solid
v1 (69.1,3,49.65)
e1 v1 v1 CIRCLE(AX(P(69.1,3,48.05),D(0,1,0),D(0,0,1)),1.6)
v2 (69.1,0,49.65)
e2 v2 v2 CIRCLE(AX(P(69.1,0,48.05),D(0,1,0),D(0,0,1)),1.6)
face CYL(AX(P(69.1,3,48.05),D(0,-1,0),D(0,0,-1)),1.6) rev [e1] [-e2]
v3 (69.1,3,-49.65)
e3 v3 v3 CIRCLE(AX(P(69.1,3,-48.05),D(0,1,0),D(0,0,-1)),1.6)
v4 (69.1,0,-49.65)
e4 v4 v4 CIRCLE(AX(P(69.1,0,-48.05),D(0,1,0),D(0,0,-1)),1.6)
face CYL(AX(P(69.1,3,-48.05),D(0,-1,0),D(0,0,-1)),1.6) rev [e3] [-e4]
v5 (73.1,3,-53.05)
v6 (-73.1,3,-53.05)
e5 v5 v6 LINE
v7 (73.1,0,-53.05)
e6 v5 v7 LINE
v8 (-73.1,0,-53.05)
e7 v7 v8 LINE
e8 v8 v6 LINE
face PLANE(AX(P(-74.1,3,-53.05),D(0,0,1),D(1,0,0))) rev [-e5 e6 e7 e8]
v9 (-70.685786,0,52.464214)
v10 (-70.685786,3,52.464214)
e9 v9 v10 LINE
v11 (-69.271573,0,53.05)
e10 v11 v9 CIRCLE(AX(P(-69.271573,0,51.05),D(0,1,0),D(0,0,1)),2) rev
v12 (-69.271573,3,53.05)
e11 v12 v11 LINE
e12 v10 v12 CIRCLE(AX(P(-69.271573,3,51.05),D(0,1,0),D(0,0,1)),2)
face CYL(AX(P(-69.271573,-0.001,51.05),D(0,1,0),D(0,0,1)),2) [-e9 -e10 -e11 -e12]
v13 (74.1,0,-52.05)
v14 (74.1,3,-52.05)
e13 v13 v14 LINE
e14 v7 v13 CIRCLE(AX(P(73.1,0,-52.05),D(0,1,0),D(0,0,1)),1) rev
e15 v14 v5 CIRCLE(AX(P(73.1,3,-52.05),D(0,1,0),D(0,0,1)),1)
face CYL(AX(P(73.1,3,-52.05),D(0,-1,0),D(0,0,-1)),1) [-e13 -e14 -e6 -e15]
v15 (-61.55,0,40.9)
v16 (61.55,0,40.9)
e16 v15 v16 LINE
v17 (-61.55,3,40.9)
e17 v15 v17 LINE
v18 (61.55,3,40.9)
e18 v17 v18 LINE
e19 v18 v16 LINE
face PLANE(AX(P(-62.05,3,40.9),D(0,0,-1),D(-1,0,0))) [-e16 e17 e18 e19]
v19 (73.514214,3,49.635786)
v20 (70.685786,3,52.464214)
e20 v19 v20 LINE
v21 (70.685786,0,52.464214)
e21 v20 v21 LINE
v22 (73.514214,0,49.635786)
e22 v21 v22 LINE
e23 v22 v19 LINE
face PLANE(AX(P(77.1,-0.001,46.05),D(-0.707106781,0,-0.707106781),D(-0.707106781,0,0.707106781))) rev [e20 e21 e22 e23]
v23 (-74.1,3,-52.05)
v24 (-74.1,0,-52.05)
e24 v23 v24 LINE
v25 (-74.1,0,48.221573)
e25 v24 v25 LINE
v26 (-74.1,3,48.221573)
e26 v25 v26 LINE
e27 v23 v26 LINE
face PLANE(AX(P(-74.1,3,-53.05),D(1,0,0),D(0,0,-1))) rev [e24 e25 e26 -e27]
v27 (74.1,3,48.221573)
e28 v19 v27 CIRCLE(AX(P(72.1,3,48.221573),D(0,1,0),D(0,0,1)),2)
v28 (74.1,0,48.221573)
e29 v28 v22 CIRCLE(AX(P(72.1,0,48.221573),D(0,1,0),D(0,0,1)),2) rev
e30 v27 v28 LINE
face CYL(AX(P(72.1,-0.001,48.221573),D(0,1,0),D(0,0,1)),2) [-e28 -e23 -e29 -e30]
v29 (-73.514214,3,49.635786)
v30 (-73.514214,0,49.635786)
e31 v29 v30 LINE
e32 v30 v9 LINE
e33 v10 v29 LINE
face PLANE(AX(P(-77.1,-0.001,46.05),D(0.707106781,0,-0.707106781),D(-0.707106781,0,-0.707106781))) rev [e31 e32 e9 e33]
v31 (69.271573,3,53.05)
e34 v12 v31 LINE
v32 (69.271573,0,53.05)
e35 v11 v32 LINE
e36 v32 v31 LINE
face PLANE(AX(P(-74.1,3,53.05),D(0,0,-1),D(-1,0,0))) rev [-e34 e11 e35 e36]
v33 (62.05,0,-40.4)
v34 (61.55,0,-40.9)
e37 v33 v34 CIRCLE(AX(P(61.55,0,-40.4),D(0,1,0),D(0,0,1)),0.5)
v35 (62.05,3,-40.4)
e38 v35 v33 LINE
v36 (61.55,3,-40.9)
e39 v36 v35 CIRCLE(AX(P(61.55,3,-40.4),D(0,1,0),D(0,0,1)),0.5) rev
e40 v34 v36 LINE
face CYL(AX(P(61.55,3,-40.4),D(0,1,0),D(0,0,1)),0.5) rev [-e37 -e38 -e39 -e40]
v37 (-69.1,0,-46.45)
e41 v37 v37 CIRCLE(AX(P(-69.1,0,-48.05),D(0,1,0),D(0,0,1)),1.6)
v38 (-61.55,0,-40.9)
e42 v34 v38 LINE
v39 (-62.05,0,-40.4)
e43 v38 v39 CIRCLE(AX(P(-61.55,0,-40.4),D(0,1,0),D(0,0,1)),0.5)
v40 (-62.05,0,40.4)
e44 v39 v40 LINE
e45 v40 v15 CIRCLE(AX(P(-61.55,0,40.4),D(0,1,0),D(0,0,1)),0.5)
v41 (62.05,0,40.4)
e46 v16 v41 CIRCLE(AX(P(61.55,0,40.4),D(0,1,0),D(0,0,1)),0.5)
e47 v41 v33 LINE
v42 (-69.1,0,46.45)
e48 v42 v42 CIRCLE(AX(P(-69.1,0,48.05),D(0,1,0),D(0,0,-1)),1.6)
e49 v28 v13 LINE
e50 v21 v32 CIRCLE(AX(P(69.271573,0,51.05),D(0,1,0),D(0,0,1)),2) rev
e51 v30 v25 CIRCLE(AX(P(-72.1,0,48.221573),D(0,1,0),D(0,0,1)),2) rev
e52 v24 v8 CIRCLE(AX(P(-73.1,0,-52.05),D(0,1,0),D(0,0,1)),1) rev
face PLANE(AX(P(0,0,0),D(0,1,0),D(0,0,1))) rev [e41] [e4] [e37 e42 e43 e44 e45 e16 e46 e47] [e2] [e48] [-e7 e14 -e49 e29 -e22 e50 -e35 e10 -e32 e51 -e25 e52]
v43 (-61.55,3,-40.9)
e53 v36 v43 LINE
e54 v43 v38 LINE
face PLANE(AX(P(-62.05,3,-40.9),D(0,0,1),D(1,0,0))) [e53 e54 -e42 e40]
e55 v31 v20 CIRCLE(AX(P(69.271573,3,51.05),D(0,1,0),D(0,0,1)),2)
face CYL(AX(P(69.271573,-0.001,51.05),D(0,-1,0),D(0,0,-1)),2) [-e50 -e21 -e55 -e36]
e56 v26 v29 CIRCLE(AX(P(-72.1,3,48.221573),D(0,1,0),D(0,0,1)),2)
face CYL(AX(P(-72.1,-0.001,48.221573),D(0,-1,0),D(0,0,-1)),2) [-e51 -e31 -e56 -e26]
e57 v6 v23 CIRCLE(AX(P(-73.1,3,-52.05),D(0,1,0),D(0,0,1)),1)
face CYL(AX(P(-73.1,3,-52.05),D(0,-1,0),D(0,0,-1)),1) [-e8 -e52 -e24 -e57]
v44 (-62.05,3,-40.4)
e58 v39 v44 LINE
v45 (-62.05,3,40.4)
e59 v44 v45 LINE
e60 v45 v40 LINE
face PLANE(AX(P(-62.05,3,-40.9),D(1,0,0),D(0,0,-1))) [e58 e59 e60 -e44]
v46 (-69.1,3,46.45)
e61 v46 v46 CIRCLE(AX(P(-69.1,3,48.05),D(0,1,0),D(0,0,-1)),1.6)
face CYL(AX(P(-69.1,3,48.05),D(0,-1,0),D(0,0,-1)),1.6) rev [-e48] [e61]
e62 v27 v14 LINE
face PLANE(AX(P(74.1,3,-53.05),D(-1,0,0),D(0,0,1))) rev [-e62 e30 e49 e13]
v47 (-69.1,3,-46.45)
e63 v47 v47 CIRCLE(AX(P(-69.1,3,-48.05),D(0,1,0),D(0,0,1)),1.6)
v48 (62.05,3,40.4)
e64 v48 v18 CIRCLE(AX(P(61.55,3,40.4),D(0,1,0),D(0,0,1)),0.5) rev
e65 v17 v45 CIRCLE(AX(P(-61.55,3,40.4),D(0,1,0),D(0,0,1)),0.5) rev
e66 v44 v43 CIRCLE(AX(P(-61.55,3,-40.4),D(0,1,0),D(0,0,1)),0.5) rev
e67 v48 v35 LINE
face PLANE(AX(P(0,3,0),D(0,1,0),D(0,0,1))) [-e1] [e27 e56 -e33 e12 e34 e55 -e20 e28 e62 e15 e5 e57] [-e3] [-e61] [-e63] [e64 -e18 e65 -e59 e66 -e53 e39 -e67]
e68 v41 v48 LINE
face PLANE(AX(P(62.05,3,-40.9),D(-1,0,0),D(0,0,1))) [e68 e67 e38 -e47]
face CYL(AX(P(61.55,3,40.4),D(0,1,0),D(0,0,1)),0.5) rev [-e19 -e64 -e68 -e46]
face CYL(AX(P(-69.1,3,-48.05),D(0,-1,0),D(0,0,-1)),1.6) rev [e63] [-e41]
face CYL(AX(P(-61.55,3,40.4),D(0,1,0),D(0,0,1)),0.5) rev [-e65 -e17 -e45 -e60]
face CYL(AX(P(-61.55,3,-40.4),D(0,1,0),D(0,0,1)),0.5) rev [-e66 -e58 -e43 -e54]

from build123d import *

# Parameters (mm, degrees)
SKETCH1_W           = 148.2
SKETCH1_H           = 106.1
SKETCH1_R           = 1.6
SKETCH1_W_2         = 124.1
SKETCH1_H_2         = 81.8
BOSS_EXTRUDE1_DEPTH = 3
FILLET1_R           = 1
FILLET2_R           = 0.5
CUT_EXTRUDE1_REACH  = 93.182
FILLET3_R           = 2


with BuildPart() as part:
    # Sketch1 → Boss-Extrude1 (new body)
    with BuildSketch(Plane(origin=(0, 0, 0), x_dir=(1, 0, 0), z_dir=(0, 1, 0))):
        Rectangle(SKETCH1_W, SKETCH1_H)
        with Locations(Location((-69.1, 48.05, 0), (0, 0, 270))):
            Circle(SKETCH1_R, mode=Mode.SUBTRACT)
        with Locations(Location((-69.1, -48.05, 0), (0, 0, 90))):
            Circle(SKETCH1_R, mode=Mode.SUBTRACT)
        with Locations(Location((69.1, -48.05, 0), (0, 0, 270))):
            Circle(SKETCH1_R, mode=Mode.SUBTRACT)
        with Locations(Location((69.1, 48.05, 0), (0, 0, 90))):
            Circle(SKETCH1_R, mode=Mode.SUBTRACT)
        Rectangle(SKETCH1_W_2, SKETCH1_H_2, mode=Mode.SUBTRACT)
    extrude(amount=BOSS_EXTRUDE1_DEPTH)

    # Fillet1
    fillet1_edges = [part.edges().sort_by_distance(p)[0] for p in [
        (-74.1, 1.5, -53.05),
        (74.1, 1.5, -53.05),
        (74.1, 1.5, 53.05),
        (-74.1, 1.5, 53.05),
    ]]
    fillet(fillet1_edges, radius=FILLET1_R)

    # Fillet2
    fillet2_edges = [part.edges().sort_by_distance(p)[0] for p in [
        (62.05, 1.5, 40.9),
        (62.05, 1.5, -40.9),
        (-62.05, 1.5, -40.9),
        (-62.05, 1.5, 40.9),
    ]]
    fillet(fillet2_edges, radius=FILLET2_R)

    # Sketch2 → Cut-Extrude1 (cut, up to next)
    with BuildSketch(Plane(origin=(0, 3, 0), x_dir=(-1, 0, 0), z_dir=(0, 1, 0)), mode=Mode.PRIVATE) as cut_extrude1_sk1:
        Polygon((77.1, 46.05), (67.1, 56.05), (77.1, 56.05), align=None)
    cut_extrude1_tool1 = extrude(cut_extrude1_sk1.sketch, amount=-CUT_EXTRUDE1_REACH, mode=Mode.PRIVATE) & part.part
    # Sketch2 → Cut-Extrude1 (cut, up to next)
    with BuildSketch(Plane(origin=(0, 3, 0), x_dir=(-1, 0, 0), z_dir=(0, 1, 0)), mode=Mode.PRIVATE) as cut_extrude1_sk2:
        Polygon((-77.1, 56.05), (-77.1, 46.05), (-67.1, 56.05), align=None)
    cut_extrude1_tool2 = extrude(cut_extrude1_sk2.sketch, amount=-CUT_EXTRUDE1_REACH, mode=Mode.PRIVATE) & part.part
    add(cut_extrude1_tool1.solids().sort_by_distance((-73.766667, 3, 52.716667))[0], mode=Mode.SUBTRACT)
    add(cut_extrude1_tool2.solids().sort_by_distance((73.766667, 3, 52.716667))[0], mode=Mode.SUBTRACT)

    # Fillet3
    fillet3_edges = [part.edges().sort_by_distance(p)[0] for p in [
        (70.1, 1.5, 53.05),
        (74.1, 1.5, 49.05),
        (-74.1, 1.5, 49.05),
        (-70.1, 1.5, 53.05),
    ]]
    fillet(fillet3_edges, radius=FILLET3_R)


solid = part.part
